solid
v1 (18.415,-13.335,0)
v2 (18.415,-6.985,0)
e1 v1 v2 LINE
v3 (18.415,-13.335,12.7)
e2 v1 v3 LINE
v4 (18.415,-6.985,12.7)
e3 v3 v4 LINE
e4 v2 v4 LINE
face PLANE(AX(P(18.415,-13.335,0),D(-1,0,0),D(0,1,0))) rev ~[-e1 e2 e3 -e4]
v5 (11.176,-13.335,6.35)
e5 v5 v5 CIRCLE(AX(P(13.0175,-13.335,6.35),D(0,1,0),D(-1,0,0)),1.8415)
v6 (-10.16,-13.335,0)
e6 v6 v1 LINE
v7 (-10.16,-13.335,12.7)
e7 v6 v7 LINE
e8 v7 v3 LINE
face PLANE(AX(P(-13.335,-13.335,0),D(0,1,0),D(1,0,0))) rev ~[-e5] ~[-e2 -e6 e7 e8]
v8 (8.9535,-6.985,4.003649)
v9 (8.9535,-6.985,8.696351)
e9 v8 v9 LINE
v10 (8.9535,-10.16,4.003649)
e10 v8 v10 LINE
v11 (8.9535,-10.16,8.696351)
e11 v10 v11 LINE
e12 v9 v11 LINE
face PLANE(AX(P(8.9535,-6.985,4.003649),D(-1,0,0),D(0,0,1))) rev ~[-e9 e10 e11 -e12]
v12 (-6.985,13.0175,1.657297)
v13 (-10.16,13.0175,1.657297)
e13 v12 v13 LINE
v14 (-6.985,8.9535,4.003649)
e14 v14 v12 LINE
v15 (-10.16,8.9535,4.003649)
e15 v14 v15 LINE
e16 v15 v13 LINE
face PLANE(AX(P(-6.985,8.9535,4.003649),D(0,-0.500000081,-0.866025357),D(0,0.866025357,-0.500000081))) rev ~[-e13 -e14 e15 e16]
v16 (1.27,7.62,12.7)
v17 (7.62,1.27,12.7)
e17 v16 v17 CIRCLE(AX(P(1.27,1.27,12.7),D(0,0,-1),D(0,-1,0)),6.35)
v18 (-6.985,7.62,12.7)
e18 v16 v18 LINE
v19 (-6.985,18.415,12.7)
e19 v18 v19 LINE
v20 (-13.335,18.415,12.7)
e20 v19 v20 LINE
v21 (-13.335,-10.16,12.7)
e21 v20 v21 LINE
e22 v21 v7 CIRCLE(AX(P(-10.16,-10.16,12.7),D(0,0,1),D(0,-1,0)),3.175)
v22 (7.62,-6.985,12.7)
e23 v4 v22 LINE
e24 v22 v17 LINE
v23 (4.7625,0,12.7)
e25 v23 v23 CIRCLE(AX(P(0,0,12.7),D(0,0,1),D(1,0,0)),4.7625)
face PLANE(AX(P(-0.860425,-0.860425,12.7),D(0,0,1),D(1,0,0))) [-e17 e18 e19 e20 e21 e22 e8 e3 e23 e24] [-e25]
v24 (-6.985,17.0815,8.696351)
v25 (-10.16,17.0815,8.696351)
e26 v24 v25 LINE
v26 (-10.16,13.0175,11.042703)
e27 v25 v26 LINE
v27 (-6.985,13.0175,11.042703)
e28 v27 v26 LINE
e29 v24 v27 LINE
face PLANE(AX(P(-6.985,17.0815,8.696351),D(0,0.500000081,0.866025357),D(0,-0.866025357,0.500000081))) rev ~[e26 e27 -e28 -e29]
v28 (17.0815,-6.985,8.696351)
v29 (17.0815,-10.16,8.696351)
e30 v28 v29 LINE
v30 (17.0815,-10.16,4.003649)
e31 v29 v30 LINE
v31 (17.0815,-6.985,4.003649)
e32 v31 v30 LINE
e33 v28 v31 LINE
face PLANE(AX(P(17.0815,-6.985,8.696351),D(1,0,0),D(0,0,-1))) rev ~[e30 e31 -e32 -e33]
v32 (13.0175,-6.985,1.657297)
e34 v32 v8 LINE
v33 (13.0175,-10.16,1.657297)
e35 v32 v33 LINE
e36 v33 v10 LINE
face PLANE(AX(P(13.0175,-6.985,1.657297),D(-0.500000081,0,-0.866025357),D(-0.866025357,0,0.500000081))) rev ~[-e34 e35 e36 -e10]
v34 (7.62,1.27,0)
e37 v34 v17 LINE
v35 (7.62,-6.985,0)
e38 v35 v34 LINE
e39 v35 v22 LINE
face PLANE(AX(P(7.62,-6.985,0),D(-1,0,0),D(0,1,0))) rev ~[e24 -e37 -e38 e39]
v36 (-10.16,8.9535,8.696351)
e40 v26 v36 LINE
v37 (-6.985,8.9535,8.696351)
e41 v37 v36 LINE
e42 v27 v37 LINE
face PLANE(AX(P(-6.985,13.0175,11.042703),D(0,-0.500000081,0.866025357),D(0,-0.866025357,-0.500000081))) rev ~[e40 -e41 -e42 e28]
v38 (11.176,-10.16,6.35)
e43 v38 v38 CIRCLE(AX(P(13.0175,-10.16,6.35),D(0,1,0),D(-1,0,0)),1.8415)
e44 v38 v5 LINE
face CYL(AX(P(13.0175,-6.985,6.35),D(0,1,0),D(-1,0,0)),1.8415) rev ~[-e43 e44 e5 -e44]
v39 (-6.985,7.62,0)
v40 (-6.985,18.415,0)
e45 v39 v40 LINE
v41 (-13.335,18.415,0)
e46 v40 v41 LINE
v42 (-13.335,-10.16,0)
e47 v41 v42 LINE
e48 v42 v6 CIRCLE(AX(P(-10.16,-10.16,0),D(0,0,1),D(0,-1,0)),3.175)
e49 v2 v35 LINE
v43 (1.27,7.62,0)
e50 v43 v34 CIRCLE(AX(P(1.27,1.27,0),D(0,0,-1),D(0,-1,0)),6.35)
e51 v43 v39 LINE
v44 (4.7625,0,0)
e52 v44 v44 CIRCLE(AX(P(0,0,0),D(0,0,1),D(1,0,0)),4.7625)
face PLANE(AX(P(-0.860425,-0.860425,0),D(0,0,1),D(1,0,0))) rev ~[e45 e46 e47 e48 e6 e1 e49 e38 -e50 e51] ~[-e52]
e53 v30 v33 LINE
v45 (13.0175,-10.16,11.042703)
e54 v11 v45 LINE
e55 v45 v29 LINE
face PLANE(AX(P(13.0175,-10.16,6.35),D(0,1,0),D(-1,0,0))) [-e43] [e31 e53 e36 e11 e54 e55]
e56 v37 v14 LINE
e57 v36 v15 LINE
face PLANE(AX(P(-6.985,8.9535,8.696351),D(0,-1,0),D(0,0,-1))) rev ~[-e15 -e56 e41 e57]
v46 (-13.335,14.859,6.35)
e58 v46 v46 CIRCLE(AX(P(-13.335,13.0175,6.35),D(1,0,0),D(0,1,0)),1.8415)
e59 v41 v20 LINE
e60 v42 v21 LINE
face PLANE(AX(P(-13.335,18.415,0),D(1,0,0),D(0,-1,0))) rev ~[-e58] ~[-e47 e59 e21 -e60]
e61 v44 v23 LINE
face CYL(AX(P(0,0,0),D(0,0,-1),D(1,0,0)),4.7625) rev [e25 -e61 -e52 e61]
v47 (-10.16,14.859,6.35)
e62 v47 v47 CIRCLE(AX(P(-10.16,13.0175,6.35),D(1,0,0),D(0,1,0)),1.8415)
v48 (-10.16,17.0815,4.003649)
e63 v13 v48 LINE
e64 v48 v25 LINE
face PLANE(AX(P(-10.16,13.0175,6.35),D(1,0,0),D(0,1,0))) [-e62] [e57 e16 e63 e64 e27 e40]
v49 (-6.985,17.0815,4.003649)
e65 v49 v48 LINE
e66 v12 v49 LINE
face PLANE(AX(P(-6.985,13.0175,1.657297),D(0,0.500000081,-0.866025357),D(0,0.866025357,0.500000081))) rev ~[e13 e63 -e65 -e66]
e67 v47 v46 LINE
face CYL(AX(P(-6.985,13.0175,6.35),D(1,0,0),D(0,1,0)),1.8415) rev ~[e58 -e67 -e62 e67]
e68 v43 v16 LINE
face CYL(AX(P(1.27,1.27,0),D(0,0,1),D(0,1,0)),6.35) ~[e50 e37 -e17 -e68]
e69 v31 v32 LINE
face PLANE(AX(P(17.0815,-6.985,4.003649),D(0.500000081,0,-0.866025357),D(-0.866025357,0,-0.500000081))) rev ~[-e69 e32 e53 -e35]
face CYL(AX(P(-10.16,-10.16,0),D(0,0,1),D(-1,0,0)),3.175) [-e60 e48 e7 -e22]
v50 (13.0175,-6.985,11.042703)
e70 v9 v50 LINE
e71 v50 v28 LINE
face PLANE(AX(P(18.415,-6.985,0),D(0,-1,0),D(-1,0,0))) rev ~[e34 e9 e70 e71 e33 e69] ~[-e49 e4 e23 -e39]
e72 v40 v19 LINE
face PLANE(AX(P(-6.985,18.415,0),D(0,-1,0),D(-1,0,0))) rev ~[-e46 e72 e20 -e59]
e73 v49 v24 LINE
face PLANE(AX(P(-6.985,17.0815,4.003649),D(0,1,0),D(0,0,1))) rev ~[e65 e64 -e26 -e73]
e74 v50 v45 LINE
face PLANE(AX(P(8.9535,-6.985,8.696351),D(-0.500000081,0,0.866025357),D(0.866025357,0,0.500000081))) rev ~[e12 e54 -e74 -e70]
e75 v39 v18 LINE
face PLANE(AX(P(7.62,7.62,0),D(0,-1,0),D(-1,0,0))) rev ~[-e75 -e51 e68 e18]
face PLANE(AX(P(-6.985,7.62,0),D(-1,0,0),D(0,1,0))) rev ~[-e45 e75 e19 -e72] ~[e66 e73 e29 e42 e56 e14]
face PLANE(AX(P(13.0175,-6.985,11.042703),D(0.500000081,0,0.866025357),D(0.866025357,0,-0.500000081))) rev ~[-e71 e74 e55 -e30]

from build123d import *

# Parameters (mm, degrees)
F0_R      = 4.7625
F1_DEPTH  = 12.7
F2_R      = 6.35
F3_R      = 3.175
F4_R      = 1.8415
F5_DEPTH  = 25.4
F7_DEPTH  = 3.175
F8_R      = 1.8415
F9_DEPTH  = 25.4
F11_DEPTH = 3.175


with BuildPart() as f1:
    # F0 (on Top) → F1 (new body)
    with BuildSketch(Plane.XY):
        Polygon((-13.335, 18.415), (-13.335, -13.335), (18.415, -13.335), (18.415, -6.985), (7.62, -6.985), (7.62, 7.62), (-6.985, 7.62), (-6.985, 18.415), align=None)
        Circle(F0_R, mode=Mode.SUBTRACT)
    extrude(amount=F1_DEPTH)

    # F2
    f2_edges = [f1.edges().sort_by_distance(p)[0] for p in [
        (7.62, 7.62, 6.35),
    ]]
    fillet(f2_edges, radius=F2_R)

    # F3
    f3_edges = [f1.edges().sort_by_distance(p)[0] for p in [
        (-13.335, -13.335, 6.35),
    ]]
    fillet(f3_edges, radius=F3_R)

    # F4 (on face) → F5 (cut)
    with BuildSketch(Plane(origin=(0, -6.985, 0), x_dir=(-1, 0, 0), z_dir=(0, 1, 0))):
        with Locations((-13.0175, 6.35)):
            Circle(F4_R)
    extrude(amount=-F5_DEPTH, mode=Mode.SUBTRACT)

    # F6 (on face) → F7 (cut)
    with BuildSketch(Plane(origin=(0, -6.985, 0), x_dir=(-1, 0, 0), z_dir=(0, 1, 0))):
        Polygon((-17.0815, 4.003649), (-13.0175, 1.657297), (-8.9535, 4.003649), (-8.9535, 8.696351), (-13.0175, 11.042703), (-17.0815, 8.696351), align=None)
    extrude(amount=-F7_DEPTH, mode=Mode.SUBTRACT)

    # F8 (on face) → F9 (cut)
    with BuildSketch(Plane.YZ.offset(-6.985)):
        with Locations((13.0175, 6.35)):
            Circle(F8_R)
    extrude(amount=-F9_DEPTH, mode=Mode.SUBTRACT)

    # F10 (on face) → F11 (cut)
    with BuildSketch(Plane.YZ.offset(-6.985)):
        Polygon((8.9535, 8.696351), (8.9535, 4.003649), (13.0175, 1.657297), (17.0815, 4.003649), (17.0815, 8.696351), (13.0175, 11.042703), align=None)
    extrude(amount=-F11_DEPTH, mode=Mode.SUBTRACT)


solid = f1.part
